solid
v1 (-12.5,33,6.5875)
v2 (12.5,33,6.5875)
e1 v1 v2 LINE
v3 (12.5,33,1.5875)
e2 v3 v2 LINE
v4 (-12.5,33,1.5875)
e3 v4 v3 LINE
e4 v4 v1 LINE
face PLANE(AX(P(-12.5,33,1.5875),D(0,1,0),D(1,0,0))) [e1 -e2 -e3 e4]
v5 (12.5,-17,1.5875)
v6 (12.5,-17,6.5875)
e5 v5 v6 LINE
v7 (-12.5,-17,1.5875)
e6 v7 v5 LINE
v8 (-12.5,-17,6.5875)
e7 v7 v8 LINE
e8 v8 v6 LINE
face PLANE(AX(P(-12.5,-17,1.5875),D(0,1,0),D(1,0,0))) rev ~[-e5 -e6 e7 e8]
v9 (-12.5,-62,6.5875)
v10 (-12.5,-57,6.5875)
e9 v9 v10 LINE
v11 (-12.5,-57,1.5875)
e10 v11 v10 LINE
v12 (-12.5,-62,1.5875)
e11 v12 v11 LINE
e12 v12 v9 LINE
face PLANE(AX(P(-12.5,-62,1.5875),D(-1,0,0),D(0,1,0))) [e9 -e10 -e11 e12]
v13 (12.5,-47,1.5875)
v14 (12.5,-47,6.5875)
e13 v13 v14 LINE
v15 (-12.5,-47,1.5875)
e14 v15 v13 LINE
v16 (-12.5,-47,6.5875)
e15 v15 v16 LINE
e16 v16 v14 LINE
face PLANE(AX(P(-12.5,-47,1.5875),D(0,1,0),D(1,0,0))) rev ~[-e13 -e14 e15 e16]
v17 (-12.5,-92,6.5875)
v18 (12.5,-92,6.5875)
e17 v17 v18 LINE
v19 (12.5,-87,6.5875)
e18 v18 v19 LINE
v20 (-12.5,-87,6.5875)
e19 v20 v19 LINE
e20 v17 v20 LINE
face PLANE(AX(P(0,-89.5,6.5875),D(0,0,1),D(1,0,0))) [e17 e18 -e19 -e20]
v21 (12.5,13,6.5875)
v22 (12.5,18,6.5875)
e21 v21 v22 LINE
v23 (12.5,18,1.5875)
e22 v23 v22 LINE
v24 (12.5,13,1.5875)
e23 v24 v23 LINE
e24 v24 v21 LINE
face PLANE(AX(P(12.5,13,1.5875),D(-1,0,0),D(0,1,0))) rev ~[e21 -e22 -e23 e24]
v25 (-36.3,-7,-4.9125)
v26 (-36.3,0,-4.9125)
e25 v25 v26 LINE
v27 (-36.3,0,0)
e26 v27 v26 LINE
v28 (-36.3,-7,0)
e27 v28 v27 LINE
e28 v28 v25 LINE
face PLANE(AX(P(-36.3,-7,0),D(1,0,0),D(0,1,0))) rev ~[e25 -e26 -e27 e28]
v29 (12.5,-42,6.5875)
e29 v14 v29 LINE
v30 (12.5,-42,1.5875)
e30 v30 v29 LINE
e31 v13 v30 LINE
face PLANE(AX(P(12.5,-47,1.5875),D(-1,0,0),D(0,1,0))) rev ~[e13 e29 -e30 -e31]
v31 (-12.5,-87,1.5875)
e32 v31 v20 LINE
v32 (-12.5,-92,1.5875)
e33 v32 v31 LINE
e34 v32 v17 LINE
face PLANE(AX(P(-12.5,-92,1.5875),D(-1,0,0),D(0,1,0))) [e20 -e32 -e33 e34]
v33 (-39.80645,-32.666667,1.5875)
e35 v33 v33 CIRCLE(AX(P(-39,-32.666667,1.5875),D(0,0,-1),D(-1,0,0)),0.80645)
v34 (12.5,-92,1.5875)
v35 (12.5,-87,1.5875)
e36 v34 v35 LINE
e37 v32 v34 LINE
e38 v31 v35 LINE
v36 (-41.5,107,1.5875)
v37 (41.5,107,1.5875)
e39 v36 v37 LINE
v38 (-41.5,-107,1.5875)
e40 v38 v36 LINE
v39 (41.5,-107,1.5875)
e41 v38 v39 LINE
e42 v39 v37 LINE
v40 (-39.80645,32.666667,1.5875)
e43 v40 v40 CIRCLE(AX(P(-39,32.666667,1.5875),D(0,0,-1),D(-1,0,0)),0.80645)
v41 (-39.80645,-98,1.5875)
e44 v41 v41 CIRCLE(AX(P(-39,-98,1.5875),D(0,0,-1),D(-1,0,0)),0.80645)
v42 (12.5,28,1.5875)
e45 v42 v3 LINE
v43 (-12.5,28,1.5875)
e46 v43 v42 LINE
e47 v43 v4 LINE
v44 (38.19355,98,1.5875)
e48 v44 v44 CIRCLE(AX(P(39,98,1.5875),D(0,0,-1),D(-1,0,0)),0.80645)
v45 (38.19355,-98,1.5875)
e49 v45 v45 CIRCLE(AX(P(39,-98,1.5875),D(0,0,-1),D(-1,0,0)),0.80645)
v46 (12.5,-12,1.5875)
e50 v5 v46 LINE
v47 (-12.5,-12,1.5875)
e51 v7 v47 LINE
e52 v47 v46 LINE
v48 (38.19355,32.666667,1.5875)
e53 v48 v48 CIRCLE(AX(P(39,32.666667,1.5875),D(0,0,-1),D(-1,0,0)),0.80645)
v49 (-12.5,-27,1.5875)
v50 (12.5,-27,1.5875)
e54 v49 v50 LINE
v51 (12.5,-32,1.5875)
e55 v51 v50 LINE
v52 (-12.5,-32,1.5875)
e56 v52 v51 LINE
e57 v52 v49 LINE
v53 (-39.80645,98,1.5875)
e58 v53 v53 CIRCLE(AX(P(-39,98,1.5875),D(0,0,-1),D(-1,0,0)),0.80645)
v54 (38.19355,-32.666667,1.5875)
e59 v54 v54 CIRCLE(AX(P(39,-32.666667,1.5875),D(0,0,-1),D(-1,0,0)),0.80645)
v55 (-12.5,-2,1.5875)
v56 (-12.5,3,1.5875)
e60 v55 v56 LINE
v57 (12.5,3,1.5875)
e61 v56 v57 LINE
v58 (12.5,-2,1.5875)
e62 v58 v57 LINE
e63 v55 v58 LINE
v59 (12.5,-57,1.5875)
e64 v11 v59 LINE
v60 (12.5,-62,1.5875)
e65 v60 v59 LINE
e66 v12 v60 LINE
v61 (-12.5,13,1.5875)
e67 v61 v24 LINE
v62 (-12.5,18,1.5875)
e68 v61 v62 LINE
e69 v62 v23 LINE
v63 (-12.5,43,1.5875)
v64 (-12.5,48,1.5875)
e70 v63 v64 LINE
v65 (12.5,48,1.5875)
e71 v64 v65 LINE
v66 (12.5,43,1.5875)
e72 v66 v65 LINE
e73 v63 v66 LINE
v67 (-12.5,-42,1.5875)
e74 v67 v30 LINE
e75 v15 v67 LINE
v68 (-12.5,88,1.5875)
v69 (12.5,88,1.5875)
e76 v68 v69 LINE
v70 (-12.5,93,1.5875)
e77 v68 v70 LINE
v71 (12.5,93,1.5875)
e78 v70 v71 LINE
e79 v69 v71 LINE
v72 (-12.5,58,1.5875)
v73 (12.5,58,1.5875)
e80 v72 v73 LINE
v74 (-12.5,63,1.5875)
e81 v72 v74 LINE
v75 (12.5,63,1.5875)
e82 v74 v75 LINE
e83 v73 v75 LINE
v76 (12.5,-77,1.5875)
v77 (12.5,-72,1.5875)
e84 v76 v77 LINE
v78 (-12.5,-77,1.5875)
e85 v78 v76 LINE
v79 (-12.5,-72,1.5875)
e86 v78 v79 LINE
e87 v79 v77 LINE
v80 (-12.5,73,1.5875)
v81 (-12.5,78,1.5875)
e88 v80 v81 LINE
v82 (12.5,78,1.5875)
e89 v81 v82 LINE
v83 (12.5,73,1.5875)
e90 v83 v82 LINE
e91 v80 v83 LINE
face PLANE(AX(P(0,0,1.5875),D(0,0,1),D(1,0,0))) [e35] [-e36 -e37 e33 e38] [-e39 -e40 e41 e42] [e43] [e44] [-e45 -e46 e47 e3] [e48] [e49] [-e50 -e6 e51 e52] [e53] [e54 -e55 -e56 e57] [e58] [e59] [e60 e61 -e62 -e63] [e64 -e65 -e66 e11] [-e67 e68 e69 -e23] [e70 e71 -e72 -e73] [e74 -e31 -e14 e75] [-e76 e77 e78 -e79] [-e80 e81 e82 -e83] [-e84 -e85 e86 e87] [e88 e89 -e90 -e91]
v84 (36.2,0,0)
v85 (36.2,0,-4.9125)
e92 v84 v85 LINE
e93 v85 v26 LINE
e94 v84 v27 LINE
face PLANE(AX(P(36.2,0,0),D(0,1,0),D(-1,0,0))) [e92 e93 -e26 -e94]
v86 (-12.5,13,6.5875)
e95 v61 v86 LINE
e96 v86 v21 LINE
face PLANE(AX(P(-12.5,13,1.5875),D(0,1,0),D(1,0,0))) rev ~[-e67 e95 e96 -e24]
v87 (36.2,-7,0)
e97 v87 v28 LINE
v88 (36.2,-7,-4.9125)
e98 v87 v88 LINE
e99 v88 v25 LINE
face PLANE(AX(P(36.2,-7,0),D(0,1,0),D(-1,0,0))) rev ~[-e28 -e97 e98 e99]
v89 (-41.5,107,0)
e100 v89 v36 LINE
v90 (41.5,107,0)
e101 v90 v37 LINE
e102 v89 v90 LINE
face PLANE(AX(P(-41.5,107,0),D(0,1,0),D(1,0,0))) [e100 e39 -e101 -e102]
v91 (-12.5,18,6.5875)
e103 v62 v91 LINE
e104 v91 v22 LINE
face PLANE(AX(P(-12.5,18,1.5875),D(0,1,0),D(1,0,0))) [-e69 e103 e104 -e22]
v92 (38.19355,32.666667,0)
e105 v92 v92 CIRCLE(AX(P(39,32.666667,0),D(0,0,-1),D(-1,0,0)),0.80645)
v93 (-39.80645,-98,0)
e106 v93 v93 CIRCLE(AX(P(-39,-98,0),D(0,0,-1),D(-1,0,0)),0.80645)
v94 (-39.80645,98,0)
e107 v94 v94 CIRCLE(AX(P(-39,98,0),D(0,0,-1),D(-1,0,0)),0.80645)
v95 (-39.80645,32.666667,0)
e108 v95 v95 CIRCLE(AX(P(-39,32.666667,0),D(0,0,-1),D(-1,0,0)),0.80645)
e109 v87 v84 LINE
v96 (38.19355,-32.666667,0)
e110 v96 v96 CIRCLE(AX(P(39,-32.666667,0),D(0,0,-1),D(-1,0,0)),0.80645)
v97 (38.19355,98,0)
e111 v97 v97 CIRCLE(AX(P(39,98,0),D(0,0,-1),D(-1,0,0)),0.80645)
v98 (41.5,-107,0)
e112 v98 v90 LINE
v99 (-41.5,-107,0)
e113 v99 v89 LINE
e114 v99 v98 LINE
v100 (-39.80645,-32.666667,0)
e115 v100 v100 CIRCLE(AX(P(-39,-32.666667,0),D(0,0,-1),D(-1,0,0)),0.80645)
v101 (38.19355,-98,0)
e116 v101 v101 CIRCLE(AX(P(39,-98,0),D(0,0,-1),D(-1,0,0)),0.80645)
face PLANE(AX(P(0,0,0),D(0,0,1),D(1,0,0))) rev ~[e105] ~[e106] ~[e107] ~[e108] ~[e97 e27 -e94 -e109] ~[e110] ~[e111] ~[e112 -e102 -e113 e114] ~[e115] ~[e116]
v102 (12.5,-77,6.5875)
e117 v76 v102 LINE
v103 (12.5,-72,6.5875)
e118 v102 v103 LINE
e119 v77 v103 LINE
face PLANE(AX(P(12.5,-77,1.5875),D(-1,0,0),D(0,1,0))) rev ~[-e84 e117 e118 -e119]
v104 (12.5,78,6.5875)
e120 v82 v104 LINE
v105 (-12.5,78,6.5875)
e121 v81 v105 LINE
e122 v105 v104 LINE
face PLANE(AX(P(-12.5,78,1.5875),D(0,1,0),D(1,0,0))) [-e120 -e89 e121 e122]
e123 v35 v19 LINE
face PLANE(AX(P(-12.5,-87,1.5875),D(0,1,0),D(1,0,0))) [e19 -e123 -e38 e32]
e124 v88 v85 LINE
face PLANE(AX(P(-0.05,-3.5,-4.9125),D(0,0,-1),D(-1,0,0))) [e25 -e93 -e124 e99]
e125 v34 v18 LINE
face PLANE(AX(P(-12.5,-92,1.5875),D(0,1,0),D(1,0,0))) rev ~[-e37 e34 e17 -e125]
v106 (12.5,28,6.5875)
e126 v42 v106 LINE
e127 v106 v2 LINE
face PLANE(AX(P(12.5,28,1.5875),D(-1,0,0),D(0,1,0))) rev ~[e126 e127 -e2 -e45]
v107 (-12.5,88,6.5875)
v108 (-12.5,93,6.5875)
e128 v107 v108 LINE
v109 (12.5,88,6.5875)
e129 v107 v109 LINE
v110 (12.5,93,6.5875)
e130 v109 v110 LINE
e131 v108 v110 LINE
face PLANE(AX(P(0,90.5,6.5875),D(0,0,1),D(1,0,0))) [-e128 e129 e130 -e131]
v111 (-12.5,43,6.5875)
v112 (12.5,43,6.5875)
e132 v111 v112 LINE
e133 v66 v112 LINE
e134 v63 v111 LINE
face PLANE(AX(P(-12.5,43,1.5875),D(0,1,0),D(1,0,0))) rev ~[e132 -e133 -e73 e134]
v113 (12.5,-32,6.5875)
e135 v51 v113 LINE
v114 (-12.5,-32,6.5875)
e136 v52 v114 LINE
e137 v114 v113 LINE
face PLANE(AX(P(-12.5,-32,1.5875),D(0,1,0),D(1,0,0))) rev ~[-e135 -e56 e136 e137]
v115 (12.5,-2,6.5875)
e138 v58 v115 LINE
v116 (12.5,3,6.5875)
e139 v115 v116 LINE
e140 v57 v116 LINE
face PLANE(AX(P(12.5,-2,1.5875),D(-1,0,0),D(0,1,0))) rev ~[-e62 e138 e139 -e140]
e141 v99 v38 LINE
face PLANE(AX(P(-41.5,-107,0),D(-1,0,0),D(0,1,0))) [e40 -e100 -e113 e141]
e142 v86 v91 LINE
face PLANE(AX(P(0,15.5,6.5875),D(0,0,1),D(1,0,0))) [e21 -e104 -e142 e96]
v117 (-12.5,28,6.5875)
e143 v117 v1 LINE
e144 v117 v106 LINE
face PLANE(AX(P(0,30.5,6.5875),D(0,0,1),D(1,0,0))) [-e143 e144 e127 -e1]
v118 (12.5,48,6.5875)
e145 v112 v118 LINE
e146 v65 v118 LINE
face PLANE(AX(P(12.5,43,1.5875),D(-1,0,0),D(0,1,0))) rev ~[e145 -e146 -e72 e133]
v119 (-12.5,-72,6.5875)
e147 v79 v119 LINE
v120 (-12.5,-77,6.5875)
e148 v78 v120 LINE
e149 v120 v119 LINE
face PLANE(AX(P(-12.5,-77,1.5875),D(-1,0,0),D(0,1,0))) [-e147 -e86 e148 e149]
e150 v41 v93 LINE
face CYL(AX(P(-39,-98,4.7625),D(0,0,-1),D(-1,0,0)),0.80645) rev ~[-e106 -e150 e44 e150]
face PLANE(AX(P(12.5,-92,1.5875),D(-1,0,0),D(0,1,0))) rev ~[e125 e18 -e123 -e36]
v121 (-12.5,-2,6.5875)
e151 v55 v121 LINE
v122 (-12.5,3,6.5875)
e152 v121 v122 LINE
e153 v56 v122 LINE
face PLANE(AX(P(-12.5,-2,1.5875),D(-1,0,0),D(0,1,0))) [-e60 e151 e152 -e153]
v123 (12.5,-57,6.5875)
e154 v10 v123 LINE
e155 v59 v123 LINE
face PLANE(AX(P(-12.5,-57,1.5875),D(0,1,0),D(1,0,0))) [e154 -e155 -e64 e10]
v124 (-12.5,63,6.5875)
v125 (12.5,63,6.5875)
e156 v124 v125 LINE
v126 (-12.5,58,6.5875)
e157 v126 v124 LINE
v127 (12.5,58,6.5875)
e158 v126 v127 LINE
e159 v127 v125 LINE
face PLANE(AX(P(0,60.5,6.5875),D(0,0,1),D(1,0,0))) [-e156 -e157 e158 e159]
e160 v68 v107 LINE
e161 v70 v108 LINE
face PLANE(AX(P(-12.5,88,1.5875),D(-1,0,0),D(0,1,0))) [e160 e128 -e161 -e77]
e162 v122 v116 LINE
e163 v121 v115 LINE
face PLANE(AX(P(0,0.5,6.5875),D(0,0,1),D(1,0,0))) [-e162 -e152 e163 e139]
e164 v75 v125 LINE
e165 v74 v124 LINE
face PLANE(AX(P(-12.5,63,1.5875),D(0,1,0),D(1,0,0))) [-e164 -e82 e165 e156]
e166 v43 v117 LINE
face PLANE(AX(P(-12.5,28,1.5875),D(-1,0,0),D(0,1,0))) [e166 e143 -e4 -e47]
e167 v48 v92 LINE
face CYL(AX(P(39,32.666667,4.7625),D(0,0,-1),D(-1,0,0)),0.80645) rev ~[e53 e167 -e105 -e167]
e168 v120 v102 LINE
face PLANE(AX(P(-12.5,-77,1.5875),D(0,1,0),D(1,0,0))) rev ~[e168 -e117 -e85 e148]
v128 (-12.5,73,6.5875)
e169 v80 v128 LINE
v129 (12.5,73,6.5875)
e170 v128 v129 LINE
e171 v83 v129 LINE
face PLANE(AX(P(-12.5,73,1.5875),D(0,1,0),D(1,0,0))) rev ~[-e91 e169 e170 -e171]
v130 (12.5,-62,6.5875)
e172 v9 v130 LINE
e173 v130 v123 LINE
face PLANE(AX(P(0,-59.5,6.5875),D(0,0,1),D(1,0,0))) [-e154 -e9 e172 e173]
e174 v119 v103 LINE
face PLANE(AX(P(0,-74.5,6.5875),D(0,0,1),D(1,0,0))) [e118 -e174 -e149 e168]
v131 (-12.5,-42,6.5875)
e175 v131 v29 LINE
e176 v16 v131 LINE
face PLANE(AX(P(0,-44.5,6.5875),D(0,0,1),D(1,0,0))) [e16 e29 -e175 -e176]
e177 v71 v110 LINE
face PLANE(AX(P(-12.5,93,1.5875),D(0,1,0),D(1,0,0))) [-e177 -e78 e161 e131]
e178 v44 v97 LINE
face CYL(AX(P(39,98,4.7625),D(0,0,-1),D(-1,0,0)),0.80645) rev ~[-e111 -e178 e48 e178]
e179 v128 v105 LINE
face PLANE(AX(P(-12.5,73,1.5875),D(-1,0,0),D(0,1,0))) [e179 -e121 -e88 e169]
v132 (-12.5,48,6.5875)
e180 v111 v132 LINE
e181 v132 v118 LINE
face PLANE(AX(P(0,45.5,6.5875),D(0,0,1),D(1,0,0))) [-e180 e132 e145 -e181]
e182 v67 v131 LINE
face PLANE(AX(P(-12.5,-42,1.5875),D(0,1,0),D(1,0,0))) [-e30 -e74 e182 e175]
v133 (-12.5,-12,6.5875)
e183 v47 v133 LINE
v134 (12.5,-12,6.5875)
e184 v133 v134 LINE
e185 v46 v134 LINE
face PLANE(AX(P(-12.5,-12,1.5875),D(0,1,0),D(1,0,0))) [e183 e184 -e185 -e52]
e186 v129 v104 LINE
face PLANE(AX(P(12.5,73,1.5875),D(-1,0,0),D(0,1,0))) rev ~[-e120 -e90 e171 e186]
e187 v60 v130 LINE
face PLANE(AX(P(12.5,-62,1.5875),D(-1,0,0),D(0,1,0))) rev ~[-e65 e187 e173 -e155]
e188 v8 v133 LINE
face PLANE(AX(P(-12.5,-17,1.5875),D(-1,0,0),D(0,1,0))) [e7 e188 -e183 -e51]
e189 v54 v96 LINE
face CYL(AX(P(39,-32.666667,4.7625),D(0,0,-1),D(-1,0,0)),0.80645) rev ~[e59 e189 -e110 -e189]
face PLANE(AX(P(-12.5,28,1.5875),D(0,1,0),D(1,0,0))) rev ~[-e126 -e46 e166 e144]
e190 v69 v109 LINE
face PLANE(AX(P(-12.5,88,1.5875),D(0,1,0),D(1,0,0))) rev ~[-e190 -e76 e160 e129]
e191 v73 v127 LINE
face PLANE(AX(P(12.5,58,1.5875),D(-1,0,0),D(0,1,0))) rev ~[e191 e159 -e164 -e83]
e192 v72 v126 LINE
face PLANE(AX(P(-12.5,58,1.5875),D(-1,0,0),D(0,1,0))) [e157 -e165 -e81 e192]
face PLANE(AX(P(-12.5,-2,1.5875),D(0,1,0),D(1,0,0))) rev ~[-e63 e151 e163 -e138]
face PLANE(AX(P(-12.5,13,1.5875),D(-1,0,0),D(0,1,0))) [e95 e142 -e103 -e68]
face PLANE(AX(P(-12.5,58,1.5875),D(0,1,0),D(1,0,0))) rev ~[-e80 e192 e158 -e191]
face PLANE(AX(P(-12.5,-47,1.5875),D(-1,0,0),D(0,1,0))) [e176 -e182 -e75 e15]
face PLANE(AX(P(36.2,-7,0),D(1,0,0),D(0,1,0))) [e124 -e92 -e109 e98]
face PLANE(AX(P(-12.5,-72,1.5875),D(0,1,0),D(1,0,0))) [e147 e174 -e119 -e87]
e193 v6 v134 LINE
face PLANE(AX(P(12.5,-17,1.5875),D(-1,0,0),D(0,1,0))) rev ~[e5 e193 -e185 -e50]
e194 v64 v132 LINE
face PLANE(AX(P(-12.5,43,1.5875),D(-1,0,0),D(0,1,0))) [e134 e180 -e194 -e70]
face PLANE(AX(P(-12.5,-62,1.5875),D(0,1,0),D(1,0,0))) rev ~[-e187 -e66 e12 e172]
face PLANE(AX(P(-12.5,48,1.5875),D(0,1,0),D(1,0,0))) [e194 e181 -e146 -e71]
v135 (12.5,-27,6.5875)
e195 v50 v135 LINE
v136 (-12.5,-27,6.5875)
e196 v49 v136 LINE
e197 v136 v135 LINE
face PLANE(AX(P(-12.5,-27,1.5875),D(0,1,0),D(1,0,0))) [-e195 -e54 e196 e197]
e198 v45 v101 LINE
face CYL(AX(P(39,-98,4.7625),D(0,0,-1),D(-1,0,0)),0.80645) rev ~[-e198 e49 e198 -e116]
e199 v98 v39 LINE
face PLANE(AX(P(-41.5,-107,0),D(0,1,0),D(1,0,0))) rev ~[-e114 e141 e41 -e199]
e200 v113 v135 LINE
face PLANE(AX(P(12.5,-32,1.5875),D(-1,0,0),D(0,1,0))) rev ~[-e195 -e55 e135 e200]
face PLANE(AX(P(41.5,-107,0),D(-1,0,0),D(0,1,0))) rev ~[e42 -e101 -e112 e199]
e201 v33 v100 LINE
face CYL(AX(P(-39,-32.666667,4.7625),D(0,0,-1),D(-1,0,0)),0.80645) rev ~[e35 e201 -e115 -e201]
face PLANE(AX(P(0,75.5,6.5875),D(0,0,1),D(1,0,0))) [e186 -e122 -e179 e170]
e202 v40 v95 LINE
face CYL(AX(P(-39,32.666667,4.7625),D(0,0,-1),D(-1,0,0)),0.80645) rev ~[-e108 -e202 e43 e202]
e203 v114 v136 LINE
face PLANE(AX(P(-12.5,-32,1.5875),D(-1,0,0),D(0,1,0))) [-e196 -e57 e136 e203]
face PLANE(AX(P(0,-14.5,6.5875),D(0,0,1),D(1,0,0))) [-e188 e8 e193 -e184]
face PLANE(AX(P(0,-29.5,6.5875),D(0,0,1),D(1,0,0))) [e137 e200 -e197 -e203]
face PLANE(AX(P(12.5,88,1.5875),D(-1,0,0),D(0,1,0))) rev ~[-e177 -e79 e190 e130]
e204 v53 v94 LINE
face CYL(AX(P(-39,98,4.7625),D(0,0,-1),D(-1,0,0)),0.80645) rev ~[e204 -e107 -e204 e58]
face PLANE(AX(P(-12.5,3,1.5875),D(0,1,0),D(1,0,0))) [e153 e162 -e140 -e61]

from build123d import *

# Parameters (mm, degrees)
SKETCH1_W                 = 83
SKETCH1_H                 = 214
BOSS_EXTRUDE1_DEPTH       = 1.5875
SKETCH2_W                 = 25
SKETCH2_H                 = 5
BOSS_EXTRUDE2_DEPTH       = 5
F_0_CLEARANCE_HOLE1_D     = 1.6129
F_0_CLEARANCE_HOLE1_DEPTH = 3.175
F_0_CLEARANCE_HOLE1_TIP   = 0.484564046
SKETCH6_W                 = 72.5
SKETCH6_H                 = 7
BOSS_EXTRUDE3_DEPTH       = 4.9125


with BuildPart() as part:
    # Sketch1 → Boss-Extrude1 (new body)
    with BuildSketch(Plane.XY):
        Rectangle(SKETCH1_W, SKETCH1_H)
    extrude(amount=BOSS_EXTRUDE1_DEPTH)

    # Sketch2 → Boss-Extrude2 (add)
    with BuildSketch(Plane.XY.offset(1.5875)):
        with Locations((0, 90.5)):
            Rectangle(SKETCH2_W, SKETCH2_H)
        with Locations((0, 75.5)):
            Rectangle(SKETCH2_W, SKETCH2_H)
        with Locations((0, 60.5)):
            Rectangle(SKETCH2_W, SKETCH2_H)
        with Locations((0, 45.5)):
            Rectangle(SKETCH2_W, SKETCH2_H)
        with Locations((0, 30.5)):
            Rectangle(SKETCH2_W, SKETCH2_H)
        with Locations((0, 15.5)):
            Rectangle(SKETCH2_W, SKETCH2_H)
        with Locations((0, 0.5)):
            Rectangle(SKETCH2_W, SKETCH2_H)
        with Locations((0, -14.5)):
            Rectangle(SKETCH2_W, SKETCH2_H)
        with Locations((0, -29.5)):
            Rectangle(SKETCH2_W, SKETCH2_H)
        with Locations((0, -44.5)):
            Rectangle(SKETCH2_W, SKETCH2_H)
        with Locations((0, -59.5)):
            Rectangle(SKETCH2_W, SKETCH2_H)
        with Locations((0, -74.5)):
            Rectangle(SKETCH2_W, SKETCH2_H)
        with Locations((0, -89.5)):
            Rectangle(SKETCH2_W, SKETCH2_H)
    extrude(amount=BOSS_EXTRUDE2_DEPTH)

    # #0 Clearance Hole1
    with Locations(Plane.XY.offset(1.5875)):
        with Locations((-39, 98), (39, 98), (-39, 32.666666667), (39, 32.666666667), (-39, -32.666666667), (39, -32.666666667), (-39, -98), (39, -98)):
            Hole(F_0_CLEARANCE_HOLE1_D / 2, depth=F_0_CLEARANCE_HOLE1_DEPTH)
            with Locations((0, 0, -(F_0_CLEARANCE_HOLE1_DEPTH + F_0_CLEARANCE_HOLE1_TIP / 2))):  # 118° drill point
                Cone(0, F_0_CLEARANCE_HOLE1_D / 2, F_0_CLEARANCE_HOLE1_TIP, mode=Mode.SUBTRACT)

    # Sketch6 → Boss-Extrude3 (add)
    with BuildSketch(Plane(origin=(0, 0, 0), x_dir=(-1, 0, 0), z_dir=(0, 0, -1))):
        with Locations((0.05, -3.5)):
            Rectangle(SKETCH6_W, SKETCH6_H)
    extrude(amount=BOSS_EXTRUDE3_DEPTH)


solid = part.part
